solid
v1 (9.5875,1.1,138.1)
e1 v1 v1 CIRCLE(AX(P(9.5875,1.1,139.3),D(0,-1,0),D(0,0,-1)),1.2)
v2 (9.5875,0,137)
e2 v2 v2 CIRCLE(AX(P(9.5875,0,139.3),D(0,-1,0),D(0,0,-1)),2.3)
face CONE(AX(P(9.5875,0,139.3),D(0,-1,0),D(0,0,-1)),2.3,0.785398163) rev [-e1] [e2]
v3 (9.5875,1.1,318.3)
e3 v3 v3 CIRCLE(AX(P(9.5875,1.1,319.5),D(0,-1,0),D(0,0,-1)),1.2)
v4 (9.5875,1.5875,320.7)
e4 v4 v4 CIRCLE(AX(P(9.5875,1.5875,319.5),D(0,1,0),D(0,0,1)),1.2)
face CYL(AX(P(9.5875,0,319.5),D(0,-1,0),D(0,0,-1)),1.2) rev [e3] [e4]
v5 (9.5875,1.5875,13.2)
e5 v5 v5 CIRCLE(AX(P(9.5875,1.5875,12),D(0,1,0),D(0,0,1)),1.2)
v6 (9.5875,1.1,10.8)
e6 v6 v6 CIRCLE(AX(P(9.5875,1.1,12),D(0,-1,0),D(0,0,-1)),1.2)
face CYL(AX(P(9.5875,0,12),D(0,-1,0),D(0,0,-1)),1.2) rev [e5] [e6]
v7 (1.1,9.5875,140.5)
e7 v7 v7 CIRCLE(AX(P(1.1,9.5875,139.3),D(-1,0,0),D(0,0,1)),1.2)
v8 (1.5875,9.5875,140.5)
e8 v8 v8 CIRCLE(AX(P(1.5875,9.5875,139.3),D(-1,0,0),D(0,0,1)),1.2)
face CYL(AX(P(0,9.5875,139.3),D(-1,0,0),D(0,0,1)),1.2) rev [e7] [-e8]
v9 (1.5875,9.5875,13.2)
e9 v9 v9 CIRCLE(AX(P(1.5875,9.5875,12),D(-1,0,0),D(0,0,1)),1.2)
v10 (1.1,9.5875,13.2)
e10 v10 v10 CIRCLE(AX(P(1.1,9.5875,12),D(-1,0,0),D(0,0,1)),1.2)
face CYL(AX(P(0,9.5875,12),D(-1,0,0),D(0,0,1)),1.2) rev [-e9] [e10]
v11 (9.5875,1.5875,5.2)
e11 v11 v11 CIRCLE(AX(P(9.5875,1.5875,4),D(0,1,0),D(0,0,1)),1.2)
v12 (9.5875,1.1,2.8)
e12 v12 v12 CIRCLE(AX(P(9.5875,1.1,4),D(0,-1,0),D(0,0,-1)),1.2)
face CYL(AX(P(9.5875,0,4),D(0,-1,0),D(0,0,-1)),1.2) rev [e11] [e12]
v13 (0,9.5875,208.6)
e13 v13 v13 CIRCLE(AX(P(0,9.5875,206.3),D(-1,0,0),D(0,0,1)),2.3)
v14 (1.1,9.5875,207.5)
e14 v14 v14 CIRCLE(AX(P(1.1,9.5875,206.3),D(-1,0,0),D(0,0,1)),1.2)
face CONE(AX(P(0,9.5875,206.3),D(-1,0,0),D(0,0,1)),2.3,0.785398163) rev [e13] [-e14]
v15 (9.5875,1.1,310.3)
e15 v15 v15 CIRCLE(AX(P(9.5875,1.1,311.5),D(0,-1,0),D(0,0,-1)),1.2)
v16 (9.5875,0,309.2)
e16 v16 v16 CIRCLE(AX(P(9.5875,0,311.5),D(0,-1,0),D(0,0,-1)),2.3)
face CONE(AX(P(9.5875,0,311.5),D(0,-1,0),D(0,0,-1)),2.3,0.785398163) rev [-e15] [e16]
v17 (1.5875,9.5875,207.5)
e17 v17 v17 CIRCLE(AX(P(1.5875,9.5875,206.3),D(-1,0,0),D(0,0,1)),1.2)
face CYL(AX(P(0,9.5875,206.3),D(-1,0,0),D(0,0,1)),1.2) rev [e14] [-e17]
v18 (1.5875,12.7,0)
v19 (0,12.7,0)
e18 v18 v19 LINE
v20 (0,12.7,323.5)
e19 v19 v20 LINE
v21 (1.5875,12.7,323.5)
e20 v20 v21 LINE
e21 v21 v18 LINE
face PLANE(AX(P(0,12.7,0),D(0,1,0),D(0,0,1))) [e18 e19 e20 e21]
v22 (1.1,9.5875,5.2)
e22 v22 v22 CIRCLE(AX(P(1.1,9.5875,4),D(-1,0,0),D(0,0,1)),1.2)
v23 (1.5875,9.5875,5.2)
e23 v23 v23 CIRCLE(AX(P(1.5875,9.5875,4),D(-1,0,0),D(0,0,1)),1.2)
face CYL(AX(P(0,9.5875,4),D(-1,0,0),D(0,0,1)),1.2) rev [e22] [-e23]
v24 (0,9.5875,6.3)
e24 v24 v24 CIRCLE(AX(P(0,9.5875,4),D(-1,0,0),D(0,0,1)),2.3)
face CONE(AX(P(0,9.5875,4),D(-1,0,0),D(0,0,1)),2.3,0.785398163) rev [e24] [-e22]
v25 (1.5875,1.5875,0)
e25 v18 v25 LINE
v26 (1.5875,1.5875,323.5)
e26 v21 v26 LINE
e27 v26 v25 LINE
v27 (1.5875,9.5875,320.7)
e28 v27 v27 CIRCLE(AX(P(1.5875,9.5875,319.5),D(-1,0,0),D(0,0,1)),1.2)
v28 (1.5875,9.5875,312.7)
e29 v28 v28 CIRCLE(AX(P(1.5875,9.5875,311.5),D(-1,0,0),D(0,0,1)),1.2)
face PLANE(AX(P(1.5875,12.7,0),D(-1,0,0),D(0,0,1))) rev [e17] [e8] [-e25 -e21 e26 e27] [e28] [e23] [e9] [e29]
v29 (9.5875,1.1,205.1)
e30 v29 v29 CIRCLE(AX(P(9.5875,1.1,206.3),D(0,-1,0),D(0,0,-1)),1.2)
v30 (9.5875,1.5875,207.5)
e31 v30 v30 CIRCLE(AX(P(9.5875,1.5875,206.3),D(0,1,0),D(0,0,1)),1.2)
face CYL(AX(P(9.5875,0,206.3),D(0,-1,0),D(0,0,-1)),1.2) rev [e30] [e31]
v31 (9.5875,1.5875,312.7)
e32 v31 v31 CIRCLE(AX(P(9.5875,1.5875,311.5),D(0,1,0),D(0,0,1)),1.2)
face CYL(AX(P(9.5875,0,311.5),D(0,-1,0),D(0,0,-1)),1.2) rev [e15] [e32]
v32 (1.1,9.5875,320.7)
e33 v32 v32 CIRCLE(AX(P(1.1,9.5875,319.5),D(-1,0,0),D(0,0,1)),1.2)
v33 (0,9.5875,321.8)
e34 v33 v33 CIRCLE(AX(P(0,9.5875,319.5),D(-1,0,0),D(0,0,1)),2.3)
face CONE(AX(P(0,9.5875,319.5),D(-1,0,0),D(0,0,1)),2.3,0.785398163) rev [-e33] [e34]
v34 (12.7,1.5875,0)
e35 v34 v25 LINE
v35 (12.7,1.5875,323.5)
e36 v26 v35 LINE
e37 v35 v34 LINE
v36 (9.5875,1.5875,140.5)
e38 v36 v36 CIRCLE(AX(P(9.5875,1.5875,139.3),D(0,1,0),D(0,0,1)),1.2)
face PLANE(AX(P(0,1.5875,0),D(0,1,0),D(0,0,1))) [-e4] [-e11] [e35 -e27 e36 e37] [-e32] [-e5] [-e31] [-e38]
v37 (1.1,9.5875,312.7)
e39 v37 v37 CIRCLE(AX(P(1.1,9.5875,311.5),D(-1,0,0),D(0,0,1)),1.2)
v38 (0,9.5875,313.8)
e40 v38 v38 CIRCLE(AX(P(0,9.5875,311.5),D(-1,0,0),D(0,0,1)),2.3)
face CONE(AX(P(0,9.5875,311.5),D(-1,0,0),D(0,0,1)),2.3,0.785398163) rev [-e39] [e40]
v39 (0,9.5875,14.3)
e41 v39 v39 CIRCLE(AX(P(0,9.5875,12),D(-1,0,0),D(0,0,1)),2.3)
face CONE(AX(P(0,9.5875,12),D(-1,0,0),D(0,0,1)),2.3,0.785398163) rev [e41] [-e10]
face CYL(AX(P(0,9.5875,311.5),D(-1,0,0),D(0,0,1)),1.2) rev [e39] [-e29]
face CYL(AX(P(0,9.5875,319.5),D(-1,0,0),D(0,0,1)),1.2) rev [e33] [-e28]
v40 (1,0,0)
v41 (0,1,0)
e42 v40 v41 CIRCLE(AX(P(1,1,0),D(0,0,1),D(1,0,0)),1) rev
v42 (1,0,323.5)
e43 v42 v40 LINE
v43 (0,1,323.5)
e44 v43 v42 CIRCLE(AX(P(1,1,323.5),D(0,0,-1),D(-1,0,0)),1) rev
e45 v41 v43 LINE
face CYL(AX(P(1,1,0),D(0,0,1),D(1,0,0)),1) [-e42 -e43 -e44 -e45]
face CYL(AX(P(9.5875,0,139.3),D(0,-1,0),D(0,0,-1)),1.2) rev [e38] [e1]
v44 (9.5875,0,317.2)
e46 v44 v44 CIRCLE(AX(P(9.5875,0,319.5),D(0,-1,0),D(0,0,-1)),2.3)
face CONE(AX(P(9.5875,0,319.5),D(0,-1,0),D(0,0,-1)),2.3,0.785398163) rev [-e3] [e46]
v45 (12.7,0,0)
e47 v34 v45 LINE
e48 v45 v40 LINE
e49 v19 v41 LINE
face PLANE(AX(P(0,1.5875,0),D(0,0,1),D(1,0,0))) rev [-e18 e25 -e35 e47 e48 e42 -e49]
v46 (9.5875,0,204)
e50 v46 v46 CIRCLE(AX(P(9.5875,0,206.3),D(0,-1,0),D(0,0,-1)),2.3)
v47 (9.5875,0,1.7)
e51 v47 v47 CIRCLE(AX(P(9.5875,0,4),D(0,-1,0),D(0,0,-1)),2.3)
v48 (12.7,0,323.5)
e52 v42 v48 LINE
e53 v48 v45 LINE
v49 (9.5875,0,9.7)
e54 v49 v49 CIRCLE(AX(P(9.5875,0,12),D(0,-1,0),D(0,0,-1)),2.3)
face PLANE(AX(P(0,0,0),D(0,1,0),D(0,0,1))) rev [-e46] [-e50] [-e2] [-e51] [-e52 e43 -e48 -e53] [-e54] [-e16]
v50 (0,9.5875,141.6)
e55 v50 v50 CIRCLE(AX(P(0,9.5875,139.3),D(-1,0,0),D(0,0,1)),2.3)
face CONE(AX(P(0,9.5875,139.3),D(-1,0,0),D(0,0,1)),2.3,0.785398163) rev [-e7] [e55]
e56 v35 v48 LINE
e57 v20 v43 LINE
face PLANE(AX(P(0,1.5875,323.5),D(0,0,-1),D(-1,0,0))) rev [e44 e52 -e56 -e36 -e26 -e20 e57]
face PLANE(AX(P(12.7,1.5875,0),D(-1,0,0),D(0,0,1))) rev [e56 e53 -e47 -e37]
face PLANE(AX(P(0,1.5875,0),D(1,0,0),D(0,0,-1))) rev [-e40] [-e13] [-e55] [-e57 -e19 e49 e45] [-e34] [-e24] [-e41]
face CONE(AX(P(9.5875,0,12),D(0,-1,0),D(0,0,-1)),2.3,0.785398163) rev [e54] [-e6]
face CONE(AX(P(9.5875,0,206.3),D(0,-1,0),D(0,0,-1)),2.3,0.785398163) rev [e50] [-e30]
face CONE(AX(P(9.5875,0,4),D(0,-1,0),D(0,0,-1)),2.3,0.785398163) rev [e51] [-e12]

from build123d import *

# Parameters (mm, degrees)
SKETCH1_W                      = 12.7
SKETCH1_H                      = 323.5
BOSS_EXTRUDE1_DEPTH            = 1.5875
SKETCH2_W                      = 1.5875
SKETCH2_H                      = 323.5
BOSS_EXTRUDE2_DEPTH            = 11.1125
FILLET1_R                      = 1
M2_CLEARANCE_HOLE1_D           = 2.4
M2_CLEARANCE_HOLE1_DEPTH       = 2
M2_CLEARANCE_HOLE1_CSINK_D     = 4.6
M2_CLEARANCE_HOLE1_CSINK_ANGLE = 90
M2_CLEARANCE_HOLE1_TIP         = 0.721032743
M2_CLEARANCE_HOLE2_D           = 2.4
M2_CLEARANCE_HOLE2_DEPTH       = 2
M2_CLEARANCE_HOLE2_CSINK_D     = 4.6
M2_CLEARANCE_HOLE2_CSINK_ANGLE = 90
M2_CLEARANCE_HOLE2_TIP         = 0.721032743


with BuildPart() as part:
    # Sketch1 → Boss-Extrude1 (new body)
    with BuildSketch(Plane(origin=(0, 0, 0), x_dir=(1, 0, 0), z_dir=(0, 1, 0))):
        with Locations((6.35, -161.75)):
            Rectangle(SKETCH1_W, SKETCH1_H)
    extrude(amount=BOSS_EXTRUDE1_DEPTH)

    # Sketch2 → Boss-Extrude2 (add)
    with BuildSketch(Plane(origin=(0, 1.5875, 0), x_dir=(1, 0, 0), z_dir=(0, 1, 0))):
        with Locations((0.79375, -161.75)):
            Rectangle(SKETCH2_W, SKETCH2_H)
    extrude(amount=BOSS_EXTRUDE2_DEPTH)

    # Fillet1
    fillet1_edges = [part.edges().sort_by_distance(p)[0] for p in [
        (0, 0, 161.75),
    ]]
    fillet(fillet1_edges, radius=FILLET1_R)

    # M2 Clearance Hole1
    with Locations(Plane.ZY):
        with Locations((4, 9.5875), (12, 9.5875), (139.3, 9.5875), (206.3, 9.5875), (319.5, 9.5875), (311.5, 9.5875)):
            CounterSinkHole(M2_CLEARANCE_HOLE1_D / 2, M2_CLEARANCE_HOLE1_CSINK_D / 2, depth=M2_CLEARANCE_HOLE1_DEPTH, counter_sink_angle=M2_CLEARANCE_HOLE1_CSINK_ANGLE)
            with Locations((0, 0, -(M2_CLEARANCE_HOLE1_DEPTH + M2_CLEARANCE_HOLE1_TIP / 2))):  # 118° drill point
                Cone(0, M2_CLEARANCE_HOLE1_D / 2, M2_CLEARANCE_HOLE1_TIP, mode=Mode.SUBTRACT)

    # M2 Clearance Hole2
    with Locations(Plane(origin=(0, 0, 0), x_dir=(-1, 0, 0), z_dir=(0, -1, 0))):
        with Locations((-9.5875, -4), (-9.5875, -12), (-9.5875, -139.3), (-9.5875, -206.3), (-9.5875, -311.5), (-9.5875, -319.5)):
            CounterSinkHole(M2_CLEARANCE_HOLE2_D / 2, M2_CLEARANCE_HOLE2_CSINK_D / 2, depth=M2_CLEARANCE_HOLE2_DEPTH, counter_sink_angle=M2_CLEARANCE_HOLE2_CSINK_ANGLE)
            with Locations((0, 0, -(M2_CLEARANCE_HOLE2_DEPTH + M2_CLEARANCE_HOLE2_TIP / 2))):  # 118° drill point
                Cone(0, M2_CLEARANCE_HOLE2_D / 2, M2_CLEARANCE_HOLE2_TIP, mode=Mode.SUBTRACT)


solid = part.part
